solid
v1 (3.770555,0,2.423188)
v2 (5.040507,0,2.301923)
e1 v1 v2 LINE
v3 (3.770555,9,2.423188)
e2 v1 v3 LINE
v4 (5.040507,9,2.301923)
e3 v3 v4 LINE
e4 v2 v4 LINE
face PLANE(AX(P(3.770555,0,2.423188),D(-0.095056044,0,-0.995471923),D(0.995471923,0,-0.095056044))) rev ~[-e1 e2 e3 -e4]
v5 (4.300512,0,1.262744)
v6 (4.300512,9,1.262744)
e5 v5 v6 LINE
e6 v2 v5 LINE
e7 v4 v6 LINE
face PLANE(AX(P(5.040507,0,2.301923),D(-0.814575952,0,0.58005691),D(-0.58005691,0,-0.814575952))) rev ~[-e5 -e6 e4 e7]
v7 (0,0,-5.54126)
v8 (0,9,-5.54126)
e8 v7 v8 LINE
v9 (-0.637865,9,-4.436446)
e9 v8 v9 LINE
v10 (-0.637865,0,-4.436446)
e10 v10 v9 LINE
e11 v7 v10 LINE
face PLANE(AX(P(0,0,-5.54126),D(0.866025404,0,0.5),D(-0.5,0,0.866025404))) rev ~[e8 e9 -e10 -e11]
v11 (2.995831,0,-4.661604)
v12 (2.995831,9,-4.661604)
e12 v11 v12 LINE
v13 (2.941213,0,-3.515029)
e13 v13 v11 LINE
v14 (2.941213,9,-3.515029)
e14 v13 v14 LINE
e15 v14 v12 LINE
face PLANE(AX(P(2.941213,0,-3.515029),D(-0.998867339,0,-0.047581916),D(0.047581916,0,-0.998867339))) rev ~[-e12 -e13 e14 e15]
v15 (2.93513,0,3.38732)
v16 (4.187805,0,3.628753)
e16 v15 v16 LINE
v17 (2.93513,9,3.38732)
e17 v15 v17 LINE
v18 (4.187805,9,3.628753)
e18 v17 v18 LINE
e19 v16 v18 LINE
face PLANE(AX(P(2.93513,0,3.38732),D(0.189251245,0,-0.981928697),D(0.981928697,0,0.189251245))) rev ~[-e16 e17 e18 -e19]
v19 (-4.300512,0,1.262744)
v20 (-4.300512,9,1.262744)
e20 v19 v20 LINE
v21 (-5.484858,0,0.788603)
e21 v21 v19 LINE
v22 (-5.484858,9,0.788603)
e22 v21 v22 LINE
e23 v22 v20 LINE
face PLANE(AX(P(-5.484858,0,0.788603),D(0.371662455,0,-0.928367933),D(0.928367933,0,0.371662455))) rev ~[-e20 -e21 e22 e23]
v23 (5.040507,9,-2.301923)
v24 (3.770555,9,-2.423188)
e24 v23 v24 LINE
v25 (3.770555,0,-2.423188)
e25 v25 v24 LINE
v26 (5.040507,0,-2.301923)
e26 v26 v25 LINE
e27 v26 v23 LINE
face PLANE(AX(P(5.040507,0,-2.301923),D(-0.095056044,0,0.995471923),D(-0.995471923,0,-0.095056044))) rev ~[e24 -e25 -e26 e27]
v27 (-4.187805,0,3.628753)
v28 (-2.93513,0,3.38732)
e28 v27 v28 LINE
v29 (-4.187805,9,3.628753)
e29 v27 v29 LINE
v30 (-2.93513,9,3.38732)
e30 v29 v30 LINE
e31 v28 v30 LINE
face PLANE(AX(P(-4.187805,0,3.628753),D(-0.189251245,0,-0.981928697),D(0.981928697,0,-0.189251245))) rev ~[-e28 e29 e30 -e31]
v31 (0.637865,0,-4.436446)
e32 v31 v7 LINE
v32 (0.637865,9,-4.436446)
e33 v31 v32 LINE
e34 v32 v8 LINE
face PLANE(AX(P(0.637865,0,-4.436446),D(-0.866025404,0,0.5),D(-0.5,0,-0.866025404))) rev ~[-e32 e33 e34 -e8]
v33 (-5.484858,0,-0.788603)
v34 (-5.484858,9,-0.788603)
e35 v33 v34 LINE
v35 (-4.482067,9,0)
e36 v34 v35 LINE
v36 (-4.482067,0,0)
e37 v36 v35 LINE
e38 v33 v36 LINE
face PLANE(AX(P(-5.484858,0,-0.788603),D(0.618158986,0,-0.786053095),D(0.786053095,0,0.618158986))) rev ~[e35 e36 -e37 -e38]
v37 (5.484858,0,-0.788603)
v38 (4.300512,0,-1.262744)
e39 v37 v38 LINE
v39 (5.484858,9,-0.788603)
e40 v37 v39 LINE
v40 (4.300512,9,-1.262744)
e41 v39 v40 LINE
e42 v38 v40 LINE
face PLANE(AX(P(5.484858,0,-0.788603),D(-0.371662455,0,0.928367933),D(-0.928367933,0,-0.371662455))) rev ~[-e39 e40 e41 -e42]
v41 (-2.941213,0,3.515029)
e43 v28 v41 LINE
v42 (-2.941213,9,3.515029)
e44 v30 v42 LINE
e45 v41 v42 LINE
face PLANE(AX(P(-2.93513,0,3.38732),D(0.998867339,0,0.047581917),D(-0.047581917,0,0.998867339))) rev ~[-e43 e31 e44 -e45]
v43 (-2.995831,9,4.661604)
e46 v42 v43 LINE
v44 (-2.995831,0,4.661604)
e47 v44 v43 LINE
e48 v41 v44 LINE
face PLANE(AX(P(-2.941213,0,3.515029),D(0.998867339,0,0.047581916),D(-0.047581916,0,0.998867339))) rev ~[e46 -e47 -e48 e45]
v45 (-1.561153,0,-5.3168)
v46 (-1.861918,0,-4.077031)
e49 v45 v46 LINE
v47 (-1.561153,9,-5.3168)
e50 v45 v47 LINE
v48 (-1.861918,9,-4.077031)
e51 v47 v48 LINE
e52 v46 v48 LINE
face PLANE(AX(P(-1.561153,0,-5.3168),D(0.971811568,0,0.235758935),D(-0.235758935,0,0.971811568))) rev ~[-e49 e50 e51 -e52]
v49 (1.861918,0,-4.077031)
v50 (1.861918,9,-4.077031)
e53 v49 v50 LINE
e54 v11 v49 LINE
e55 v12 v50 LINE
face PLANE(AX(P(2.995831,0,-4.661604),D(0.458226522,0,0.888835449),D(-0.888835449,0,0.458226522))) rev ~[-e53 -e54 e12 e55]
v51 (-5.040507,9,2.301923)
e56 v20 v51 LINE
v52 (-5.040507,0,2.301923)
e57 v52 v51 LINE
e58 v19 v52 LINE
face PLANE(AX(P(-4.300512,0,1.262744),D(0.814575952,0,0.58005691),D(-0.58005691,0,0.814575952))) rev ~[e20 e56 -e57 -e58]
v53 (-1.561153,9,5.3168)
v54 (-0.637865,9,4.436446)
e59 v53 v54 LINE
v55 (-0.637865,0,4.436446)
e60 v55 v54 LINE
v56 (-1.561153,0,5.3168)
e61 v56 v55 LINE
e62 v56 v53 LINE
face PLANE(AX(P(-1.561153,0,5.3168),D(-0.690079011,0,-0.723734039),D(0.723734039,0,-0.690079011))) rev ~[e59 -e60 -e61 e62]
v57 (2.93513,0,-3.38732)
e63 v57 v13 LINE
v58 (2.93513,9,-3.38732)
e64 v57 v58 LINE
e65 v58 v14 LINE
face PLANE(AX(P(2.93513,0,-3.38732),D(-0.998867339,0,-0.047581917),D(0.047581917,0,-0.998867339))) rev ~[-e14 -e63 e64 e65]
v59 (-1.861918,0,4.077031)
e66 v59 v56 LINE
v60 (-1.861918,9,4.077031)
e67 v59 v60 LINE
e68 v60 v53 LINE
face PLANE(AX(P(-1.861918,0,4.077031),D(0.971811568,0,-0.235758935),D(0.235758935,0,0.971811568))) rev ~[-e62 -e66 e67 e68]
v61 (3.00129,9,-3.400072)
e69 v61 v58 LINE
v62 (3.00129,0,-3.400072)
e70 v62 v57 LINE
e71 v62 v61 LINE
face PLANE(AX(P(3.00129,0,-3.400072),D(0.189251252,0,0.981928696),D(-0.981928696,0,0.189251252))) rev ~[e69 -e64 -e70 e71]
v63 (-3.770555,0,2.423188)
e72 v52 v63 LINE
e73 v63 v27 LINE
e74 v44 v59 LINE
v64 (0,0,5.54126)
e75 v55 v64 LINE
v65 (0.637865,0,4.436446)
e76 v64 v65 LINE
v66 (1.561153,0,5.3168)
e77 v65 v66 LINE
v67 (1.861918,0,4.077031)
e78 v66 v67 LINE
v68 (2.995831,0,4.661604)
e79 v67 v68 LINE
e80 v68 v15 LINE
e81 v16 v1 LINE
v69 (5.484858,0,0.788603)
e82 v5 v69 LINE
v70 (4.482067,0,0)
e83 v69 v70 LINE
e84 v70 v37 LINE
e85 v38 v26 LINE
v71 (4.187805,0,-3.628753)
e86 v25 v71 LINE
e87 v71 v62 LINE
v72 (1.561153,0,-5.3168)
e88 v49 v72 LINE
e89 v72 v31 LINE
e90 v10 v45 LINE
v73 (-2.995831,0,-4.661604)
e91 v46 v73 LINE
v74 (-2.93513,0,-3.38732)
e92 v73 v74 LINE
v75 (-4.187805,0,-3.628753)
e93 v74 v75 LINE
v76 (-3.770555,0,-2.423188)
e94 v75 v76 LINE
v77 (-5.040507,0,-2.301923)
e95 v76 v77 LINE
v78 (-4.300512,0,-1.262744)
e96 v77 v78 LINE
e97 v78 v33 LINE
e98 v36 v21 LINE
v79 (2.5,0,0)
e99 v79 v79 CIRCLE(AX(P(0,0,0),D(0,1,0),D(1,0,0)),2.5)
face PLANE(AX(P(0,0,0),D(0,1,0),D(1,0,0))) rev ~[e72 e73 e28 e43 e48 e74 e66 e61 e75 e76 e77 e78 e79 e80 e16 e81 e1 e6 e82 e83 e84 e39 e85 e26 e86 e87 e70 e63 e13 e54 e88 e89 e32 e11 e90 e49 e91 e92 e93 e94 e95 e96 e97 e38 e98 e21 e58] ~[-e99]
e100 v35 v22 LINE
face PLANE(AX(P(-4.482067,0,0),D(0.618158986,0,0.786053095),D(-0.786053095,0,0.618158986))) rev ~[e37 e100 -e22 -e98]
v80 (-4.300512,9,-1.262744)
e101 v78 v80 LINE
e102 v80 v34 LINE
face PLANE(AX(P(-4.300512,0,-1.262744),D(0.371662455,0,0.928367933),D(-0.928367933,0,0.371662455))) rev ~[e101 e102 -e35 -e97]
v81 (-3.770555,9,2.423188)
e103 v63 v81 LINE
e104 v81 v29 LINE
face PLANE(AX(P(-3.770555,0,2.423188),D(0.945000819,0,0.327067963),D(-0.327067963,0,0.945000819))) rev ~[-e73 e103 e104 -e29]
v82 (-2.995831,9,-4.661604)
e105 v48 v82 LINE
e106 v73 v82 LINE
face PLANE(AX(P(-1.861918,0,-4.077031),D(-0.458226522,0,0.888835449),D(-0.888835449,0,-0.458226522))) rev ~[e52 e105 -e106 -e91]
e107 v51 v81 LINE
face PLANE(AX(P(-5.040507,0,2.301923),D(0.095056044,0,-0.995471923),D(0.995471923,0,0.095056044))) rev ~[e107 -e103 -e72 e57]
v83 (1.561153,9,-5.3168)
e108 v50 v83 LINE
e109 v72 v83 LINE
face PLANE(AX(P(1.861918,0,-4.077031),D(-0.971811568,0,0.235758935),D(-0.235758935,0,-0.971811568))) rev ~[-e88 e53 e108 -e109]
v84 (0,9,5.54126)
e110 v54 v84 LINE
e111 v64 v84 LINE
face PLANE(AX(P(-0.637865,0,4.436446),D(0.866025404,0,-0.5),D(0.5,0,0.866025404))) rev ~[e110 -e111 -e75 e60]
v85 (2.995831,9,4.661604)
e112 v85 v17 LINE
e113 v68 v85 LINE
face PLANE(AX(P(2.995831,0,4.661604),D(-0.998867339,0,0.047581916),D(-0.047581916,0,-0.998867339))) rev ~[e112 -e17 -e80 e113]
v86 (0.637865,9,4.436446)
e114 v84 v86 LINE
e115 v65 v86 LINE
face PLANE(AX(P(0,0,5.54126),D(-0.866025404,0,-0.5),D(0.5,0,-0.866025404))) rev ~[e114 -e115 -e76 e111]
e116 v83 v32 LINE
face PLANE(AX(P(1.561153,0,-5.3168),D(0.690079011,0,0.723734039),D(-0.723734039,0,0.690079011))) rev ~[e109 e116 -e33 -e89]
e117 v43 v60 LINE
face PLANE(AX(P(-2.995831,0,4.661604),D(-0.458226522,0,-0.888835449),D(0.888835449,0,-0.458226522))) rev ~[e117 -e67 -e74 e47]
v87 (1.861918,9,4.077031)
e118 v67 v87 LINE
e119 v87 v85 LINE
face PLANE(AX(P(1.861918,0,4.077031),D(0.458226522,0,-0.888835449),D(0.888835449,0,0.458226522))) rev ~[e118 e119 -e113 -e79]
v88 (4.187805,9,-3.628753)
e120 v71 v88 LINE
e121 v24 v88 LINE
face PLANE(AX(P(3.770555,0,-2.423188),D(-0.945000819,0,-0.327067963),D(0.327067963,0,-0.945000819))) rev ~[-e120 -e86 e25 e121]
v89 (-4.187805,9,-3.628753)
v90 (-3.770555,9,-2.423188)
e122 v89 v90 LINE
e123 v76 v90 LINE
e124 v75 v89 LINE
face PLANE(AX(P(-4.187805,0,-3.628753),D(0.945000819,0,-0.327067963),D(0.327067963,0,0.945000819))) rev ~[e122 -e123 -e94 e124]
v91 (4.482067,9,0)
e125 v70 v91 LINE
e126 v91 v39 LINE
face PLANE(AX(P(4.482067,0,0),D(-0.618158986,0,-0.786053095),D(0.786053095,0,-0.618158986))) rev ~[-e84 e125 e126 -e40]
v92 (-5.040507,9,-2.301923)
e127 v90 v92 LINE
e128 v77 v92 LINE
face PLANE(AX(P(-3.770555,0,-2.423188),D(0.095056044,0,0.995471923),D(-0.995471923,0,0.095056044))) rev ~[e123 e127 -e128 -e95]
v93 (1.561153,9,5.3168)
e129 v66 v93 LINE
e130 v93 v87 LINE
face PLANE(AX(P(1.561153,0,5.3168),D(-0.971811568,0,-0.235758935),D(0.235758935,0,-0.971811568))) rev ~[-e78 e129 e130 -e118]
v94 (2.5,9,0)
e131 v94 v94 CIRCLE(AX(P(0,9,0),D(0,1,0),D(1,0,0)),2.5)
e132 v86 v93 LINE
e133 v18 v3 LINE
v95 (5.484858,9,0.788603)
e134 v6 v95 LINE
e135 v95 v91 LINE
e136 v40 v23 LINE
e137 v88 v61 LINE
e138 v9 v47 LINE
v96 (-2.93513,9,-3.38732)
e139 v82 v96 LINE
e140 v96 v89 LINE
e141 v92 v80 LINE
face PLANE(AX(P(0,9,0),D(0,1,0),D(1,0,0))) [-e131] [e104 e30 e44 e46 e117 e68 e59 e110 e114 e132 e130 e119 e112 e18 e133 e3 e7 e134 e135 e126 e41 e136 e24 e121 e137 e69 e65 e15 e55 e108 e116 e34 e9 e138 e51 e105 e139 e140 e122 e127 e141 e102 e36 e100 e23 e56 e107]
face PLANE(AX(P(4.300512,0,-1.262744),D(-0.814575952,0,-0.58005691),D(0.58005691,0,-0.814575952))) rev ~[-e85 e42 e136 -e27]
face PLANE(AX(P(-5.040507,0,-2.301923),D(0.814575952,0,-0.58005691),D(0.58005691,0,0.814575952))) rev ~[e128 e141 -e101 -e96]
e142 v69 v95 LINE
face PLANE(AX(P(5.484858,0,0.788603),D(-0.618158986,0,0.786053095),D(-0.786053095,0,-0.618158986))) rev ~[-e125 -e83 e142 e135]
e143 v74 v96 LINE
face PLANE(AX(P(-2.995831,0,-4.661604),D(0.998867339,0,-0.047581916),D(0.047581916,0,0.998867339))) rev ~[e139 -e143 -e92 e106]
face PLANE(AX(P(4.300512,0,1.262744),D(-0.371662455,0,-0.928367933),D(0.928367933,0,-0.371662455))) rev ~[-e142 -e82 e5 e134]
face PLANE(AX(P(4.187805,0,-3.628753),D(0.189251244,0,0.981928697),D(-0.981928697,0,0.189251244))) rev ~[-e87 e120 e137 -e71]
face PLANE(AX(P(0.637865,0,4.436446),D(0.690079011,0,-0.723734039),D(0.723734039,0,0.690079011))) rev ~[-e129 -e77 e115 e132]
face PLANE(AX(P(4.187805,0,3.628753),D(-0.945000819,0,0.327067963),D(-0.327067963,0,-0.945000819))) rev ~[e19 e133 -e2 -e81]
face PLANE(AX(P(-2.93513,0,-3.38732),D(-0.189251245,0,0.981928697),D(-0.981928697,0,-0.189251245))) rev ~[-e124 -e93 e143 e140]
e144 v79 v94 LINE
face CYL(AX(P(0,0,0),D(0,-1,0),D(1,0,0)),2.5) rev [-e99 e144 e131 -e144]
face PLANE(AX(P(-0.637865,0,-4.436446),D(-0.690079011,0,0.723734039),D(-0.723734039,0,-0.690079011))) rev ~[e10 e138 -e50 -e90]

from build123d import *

# Parameters (mm, degrees)
SKETCH1_R           = 2.5
BOSS_EXTRUDE1_DEPTH = 9


with BuildPart() as part:
    # Sketch1 → Boss-Extrude1 (new body)
    with BuildSketch(Plane(origin=(0, 0, 0), x_dir=(1, 0, 0), z_dir=(0, 1, 0))):
        Polygon((1.561153305, 5.316799887), (0.637864624, 4.436445909), (0, 5.541259846), (-0.637864624, 4.436445909), (-1.561153305, 5.316799887), (-1.861917874, 4.077031446), (-2.995831253, 4.661604422), (-2.935129611, 3.387320142), (-4.18780477, 3.62875349), (-3.770554603, 2.423188306), (-5.040507251, 2.301922531), (-4.300511685, 1.262744164), (-5.484857811, 0.788603499), (-4.482066887, 0), (-5.484857811, -0.788603499), (-4.300511685, -1.262744164), (-5.040507251, -2.301922531), (-3.770554603, -2.423188306), (-4.18780477, -3.62875349), (-2.935129611, -3.387320142), (-2.941213111, -3.515028519), (-2.995831253, -4.661604422), (-1.861917874, -4.077031446), (-1.561153305, -5.316799887), (-0.637864624, -4.436445909), (0, -5.541259846), (0.637864624, -4.436445909), (1.561153305, -5.316799887), (1.861917874, -4.077031446), (2.995831253, -4.661604422), (2.935129611, -3.387320142), (4.18780477, -3.62875349), (3.770554603, -2.423188306), (5.040507251, -2.301922531), (4.300511685, -1.262744164), (5.484857811, -0.788603499), (4.482066887, 0), (5.484857811, 0.788603499), (4.300511685, 1.262744164), (5.040507251, 2.301922531), (3.770554603, 2.423188306), (4.18780477, 3.62875349), (3.001290377, 3.400071585), (2.935129611, 3.387320142), (2.941213111, 3.515028519), (2.995831253, 4.661604422), (1.861917874, 4.077031446), align=None)
        Circle(SKETCH1_R, mode=Mode.SUBTRACT)
    extrude(amount=BOSS_EXTRUDE1_DEPTH)


solid = part.part
